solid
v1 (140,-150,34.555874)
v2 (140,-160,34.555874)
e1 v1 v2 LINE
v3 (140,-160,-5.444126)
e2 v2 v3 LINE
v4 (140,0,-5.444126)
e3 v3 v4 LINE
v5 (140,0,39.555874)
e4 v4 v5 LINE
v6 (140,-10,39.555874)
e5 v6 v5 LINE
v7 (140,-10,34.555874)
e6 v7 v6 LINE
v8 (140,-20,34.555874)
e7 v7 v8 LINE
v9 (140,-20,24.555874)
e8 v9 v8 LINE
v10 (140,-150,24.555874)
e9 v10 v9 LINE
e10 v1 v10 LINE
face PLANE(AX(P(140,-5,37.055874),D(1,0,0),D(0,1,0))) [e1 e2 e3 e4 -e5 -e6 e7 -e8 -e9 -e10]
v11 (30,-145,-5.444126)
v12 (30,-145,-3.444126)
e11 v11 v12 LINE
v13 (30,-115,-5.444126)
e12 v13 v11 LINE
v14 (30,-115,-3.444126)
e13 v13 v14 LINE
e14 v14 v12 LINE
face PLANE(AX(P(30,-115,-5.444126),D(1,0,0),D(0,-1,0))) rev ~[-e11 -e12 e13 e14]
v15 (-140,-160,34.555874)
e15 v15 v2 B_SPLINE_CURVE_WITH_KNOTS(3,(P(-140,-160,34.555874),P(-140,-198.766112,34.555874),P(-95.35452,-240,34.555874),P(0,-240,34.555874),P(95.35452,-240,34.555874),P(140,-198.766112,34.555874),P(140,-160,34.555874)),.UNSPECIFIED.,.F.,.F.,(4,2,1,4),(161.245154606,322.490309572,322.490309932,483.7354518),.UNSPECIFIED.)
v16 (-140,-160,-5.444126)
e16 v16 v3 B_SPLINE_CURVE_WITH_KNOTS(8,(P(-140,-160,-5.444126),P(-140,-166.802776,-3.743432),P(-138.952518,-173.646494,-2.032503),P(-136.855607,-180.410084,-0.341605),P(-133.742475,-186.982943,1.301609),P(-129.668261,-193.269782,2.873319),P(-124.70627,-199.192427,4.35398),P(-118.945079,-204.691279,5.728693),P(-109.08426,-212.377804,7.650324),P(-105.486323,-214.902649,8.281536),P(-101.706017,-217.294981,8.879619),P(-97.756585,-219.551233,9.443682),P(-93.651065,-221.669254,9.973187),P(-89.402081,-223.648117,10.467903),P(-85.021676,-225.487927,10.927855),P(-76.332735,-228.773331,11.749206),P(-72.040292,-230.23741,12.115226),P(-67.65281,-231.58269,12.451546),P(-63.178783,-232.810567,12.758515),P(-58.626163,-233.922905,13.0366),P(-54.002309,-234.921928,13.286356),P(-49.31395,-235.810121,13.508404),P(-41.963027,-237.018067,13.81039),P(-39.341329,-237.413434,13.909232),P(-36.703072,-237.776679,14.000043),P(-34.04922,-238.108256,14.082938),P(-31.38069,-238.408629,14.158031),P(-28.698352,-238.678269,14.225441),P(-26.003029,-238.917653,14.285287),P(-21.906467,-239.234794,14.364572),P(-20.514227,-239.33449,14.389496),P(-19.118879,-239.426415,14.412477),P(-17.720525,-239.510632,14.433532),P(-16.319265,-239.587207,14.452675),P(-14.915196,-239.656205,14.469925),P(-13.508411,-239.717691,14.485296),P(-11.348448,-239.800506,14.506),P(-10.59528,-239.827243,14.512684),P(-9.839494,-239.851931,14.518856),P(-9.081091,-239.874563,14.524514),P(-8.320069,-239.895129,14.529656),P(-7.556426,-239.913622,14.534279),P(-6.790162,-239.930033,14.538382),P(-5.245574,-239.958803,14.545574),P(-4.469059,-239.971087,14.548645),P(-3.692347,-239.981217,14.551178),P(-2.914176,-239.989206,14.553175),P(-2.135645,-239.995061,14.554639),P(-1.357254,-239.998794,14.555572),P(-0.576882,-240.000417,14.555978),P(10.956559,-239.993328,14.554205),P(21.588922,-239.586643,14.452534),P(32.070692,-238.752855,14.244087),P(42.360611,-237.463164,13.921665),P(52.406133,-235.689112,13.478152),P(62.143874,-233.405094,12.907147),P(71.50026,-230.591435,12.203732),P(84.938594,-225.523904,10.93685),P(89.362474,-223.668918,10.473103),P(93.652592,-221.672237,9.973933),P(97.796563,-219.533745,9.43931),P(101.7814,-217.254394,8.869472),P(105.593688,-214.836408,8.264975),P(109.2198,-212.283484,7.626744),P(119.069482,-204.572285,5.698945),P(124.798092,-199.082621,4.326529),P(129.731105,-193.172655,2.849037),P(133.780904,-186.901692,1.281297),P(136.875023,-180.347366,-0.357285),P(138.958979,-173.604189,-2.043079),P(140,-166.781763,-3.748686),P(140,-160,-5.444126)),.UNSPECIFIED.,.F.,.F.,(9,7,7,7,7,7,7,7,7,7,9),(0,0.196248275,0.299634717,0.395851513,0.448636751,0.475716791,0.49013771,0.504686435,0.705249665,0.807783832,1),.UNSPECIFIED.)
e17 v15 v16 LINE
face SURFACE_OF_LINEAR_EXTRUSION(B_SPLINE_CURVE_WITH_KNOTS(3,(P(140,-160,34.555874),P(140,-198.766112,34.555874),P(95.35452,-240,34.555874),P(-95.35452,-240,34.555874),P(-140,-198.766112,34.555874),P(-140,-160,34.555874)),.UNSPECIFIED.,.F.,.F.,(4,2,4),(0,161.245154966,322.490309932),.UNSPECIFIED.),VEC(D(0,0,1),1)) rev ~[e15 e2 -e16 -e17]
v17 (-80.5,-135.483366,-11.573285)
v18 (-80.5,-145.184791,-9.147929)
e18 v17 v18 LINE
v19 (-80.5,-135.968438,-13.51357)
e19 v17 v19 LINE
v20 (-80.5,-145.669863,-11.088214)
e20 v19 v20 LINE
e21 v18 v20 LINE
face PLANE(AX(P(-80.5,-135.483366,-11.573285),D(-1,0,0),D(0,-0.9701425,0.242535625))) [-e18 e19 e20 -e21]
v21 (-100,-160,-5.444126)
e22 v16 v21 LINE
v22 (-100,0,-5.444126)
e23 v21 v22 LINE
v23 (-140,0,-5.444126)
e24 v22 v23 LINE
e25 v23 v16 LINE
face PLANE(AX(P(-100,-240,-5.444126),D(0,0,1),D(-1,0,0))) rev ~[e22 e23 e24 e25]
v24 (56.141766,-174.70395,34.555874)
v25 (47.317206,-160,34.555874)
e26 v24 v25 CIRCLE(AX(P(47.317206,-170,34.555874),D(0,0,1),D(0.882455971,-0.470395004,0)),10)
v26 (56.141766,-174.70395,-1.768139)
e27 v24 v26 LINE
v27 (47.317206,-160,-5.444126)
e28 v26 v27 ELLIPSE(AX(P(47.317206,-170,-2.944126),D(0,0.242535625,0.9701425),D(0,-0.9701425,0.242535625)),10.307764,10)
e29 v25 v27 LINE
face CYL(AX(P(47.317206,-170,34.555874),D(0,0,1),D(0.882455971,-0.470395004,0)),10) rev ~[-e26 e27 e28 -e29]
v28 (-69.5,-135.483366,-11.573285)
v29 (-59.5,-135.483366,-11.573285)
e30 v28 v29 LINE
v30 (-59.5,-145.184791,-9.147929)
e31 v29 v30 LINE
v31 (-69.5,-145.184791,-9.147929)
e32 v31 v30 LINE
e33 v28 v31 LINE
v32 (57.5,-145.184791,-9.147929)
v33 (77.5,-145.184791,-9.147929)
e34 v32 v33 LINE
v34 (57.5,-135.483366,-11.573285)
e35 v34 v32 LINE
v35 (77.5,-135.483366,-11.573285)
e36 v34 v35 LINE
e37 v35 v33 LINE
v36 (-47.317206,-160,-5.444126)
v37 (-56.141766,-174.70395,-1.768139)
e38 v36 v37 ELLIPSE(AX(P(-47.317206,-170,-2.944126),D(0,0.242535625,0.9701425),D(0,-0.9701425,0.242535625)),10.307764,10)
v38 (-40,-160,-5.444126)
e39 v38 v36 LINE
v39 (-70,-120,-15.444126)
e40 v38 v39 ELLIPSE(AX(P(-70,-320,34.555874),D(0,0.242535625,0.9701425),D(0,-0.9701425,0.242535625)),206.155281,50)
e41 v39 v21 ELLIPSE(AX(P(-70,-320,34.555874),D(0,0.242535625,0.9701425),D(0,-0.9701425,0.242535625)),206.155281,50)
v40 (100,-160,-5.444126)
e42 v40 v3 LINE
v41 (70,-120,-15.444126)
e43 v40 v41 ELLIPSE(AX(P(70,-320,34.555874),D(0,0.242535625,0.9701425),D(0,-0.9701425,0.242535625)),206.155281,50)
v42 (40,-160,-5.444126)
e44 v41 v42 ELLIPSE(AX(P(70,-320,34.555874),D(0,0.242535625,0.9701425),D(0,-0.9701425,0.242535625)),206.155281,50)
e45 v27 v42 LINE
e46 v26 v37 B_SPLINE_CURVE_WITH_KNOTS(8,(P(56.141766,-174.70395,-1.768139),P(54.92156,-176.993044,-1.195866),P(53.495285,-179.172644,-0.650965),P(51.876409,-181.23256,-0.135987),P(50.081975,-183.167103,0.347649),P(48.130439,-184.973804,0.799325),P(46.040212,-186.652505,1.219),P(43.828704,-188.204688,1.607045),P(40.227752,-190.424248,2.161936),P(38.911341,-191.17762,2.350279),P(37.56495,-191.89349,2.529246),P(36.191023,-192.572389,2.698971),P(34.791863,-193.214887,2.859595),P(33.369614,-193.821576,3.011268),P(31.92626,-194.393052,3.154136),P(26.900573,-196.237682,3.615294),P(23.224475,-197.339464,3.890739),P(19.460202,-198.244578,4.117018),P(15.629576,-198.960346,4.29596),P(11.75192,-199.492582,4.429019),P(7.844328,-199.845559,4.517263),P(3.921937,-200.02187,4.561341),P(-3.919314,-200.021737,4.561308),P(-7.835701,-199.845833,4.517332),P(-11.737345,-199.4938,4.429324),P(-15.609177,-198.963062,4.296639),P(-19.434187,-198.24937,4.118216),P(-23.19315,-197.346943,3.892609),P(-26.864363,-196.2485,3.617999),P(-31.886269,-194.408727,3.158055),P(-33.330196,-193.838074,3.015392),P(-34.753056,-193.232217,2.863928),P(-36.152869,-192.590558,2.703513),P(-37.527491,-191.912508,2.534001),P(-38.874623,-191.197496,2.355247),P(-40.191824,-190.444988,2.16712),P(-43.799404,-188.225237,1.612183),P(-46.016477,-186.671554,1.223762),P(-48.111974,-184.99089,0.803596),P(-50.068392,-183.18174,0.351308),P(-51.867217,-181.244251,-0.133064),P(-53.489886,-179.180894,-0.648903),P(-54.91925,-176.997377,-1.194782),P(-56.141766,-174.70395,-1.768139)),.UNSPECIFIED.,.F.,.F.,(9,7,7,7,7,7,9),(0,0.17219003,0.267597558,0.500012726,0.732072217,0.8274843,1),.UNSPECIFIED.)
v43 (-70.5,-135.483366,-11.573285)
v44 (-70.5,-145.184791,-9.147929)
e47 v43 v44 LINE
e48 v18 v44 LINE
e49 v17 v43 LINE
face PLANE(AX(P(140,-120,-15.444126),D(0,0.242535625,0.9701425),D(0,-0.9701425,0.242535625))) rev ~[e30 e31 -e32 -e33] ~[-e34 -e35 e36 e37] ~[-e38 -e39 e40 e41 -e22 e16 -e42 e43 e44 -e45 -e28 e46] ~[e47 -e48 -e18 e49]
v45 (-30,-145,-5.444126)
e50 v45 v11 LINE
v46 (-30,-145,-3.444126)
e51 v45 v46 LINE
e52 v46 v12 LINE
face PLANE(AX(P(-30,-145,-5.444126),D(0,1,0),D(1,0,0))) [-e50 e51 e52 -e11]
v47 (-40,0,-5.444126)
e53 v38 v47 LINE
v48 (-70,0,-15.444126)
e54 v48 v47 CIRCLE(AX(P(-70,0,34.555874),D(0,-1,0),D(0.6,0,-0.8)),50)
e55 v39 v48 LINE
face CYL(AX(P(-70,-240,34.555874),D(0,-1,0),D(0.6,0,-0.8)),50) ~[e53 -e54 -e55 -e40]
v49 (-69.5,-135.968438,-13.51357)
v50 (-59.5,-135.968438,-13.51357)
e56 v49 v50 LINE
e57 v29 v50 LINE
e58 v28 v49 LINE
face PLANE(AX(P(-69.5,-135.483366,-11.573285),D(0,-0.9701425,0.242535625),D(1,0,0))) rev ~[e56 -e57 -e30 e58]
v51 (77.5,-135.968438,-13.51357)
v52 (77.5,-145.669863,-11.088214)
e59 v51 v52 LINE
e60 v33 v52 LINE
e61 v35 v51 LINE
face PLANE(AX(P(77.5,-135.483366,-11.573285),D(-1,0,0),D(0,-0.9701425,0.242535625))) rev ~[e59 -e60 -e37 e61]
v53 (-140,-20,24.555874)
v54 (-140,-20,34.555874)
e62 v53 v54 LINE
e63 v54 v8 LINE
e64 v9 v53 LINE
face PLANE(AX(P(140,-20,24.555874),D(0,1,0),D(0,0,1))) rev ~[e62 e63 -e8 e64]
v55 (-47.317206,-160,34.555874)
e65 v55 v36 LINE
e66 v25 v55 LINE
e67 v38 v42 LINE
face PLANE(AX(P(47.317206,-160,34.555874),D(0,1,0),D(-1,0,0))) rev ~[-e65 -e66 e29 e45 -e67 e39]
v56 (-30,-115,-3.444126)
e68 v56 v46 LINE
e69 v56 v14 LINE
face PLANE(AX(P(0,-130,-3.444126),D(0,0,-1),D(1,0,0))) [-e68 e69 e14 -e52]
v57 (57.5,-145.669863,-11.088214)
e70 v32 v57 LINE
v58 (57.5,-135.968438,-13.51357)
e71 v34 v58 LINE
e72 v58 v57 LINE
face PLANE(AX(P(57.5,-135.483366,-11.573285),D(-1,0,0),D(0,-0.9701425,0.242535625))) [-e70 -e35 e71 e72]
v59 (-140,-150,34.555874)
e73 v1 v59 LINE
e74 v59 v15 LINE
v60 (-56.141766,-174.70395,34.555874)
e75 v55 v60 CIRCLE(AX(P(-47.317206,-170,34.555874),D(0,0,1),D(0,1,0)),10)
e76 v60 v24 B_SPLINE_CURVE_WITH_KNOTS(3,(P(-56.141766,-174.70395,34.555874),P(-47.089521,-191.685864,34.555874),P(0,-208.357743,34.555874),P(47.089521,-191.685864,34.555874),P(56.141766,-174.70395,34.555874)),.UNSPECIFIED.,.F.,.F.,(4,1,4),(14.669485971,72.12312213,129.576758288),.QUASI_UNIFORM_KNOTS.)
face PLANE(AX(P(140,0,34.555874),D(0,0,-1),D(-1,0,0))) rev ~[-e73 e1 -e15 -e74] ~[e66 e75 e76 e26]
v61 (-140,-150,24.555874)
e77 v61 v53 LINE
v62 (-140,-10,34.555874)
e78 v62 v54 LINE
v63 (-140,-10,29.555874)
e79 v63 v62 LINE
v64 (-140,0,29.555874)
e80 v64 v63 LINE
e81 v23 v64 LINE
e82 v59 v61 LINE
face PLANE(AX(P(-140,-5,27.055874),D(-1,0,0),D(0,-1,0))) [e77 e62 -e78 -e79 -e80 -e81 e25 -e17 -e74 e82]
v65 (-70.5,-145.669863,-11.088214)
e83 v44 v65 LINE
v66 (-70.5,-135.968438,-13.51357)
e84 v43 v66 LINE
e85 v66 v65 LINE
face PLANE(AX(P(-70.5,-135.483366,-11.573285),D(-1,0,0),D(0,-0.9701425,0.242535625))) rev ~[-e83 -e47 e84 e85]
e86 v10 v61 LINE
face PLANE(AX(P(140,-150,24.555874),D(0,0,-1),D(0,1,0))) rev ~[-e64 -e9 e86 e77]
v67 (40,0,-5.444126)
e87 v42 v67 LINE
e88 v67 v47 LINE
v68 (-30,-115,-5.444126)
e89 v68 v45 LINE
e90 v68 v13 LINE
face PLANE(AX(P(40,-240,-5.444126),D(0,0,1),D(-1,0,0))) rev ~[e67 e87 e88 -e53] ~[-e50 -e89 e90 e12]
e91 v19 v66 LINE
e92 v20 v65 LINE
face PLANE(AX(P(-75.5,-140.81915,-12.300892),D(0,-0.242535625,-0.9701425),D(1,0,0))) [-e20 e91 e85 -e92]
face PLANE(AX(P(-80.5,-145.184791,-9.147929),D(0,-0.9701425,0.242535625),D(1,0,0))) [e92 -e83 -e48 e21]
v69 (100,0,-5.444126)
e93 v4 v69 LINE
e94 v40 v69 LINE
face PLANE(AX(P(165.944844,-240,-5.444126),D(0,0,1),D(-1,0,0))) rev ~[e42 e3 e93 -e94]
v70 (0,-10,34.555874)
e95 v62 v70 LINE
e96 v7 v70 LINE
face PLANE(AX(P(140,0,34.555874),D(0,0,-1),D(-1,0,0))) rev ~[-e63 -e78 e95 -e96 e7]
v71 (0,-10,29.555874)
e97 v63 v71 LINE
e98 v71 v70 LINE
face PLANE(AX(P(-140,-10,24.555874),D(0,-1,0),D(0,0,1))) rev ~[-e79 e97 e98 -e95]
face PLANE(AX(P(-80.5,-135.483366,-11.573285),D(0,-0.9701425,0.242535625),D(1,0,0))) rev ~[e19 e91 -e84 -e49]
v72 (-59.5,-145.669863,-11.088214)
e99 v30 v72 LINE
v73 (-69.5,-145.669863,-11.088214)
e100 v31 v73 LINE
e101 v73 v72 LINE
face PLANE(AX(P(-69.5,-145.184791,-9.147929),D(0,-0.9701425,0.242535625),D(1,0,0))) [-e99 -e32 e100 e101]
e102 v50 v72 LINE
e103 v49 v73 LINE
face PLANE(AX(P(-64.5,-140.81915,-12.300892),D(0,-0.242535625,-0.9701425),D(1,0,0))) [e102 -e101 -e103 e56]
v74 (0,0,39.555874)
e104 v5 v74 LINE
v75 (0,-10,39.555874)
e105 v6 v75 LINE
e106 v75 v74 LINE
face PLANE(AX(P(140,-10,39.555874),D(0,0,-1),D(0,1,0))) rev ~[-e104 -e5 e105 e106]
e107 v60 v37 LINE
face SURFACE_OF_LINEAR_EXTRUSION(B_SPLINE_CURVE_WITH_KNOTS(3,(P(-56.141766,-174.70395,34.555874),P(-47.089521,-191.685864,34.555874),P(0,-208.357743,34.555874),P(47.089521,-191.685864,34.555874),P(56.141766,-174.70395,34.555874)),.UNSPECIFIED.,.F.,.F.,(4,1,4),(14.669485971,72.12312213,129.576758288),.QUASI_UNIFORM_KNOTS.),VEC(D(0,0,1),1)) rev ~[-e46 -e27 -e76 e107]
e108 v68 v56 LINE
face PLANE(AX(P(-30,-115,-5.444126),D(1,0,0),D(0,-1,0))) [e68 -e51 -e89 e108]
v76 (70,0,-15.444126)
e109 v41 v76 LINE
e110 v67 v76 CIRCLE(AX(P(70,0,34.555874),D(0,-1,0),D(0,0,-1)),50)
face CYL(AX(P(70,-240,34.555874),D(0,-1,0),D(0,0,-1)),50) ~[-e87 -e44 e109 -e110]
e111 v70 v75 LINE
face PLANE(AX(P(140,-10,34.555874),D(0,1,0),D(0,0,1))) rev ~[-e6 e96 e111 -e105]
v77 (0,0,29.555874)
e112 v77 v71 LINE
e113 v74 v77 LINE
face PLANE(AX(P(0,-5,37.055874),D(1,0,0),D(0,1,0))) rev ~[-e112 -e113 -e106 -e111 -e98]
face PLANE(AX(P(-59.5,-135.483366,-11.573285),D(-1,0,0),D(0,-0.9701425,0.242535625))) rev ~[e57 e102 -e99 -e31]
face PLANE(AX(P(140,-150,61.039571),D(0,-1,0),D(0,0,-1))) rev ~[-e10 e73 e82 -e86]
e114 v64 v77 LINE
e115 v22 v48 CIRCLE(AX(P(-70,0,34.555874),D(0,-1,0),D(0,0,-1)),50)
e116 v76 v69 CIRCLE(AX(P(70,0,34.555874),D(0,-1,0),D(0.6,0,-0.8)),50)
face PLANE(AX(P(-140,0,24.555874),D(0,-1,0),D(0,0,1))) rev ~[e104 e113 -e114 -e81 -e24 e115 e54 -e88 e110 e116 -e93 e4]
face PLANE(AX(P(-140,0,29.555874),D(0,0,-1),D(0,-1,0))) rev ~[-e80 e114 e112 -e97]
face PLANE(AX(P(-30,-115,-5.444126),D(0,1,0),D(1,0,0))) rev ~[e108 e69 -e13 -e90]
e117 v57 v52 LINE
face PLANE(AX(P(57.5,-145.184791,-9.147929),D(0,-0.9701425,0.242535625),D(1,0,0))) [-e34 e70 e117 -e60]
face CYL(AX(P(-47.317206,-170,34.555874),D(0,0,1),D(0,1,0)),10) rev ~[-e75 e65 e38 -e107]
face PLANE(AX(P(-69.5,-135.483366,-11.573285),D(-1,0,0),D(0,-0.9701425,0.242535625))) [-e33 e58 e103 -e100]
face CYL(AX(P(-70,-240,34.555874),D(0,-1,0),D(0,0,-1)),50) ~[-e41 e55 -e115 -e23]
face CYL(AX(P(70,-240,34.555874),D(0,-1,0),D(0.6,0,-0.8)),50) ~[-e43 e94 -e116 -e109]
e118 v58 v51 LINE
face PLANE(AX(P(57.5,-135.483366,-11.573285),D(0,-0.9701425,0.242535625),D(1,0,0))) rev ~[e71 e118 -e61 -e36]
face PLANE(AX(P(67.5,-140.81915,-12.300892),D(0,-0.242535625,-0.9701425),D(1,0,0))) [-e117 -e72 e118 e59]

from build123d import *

# Parameters (mm, degrees)
F1_DEPTH  = 240
F5_DEPTH  = 55
F6_DEPTH  = 300
F7_DEPTH  = 300
F9_DEPTH  = 60
F11_DEPTH = 300
F12_W     = 10
F12_H     = 10
F13_DEPTH = 140
F14_W     = 10
F14_H     = 5
F15_DEPTH = 140
F16_W     = 10
F16_H     = 5
F17_DEPTH = 140
F18_W     = 60
F18_H     = 30
F19_DEPTH = 2
F20_W     = 10
F20_H     = 10
F20_W_2   = 20
F21_DEPTH = 2


with BuildPart() as f1:
    # F0 (on Front) → F1 (new body)
    with BuildSketch(Plane.XZ):
        Polygon((140, 34.5558735134), (0, 34.5558735134), (-140, 34.5558735134), (-140, -15.4441264866), (0, -15.4441264866), (140, -15.4441264866), align=None)
    extrude(amount=F1_DEPTH)

    # F2 (on face) → F5 (cut)
    with BuildSketch(Plane.XY.offset(34.5558735134)):
        with BuildLine():
            add(Edge.make_bspline(
                [(0, -240), (95.3545197845, -240), (140, -198.7661118304), (140, -160)],
                knots=[0, 0, 0, 0, 161.245154966, 161.245154966, 161.245154966, 161.245154966], degree=3))
            add(Edge.make_bspline(
                [(0, -240), (-95.3545197845, -240), (-140, -198.7661118304), (-140, -160)],
                knots=[0, 0, 0, 0, 161.245154966, 161.245154966, 161.245154966, 161.245154966], degree=3))
            Line((-140, -160), (-197.980850935, -160))
            Line((-197.980850935, -160), (-197.980850935, -279.9530625343))
            Line((-197.980850935, -279.9530625343), (0, -279.9530625343))
            Line((0, -279.9530625343), (197.980850935, -279.9530625343))
            Line((197.980850935, -279.9530625343), (197.980850935, -160))
            Line((197.980850935, -160), (140, -160))
        make_face()
    extrude(amount=-F5_DEPTH, mode=Mode.SUBTRACT)

    # F3 (on face) → F6 (cut)
    with BuildSketch(Plane.YZ.offset(140)):
        Polygon((-160, -5.4441264866), (-240, 14.5558735134), (-258.7273418903, 14.5558735134), (-258.7273418903, -38.2786095142), (-129.8724895716, -38.2786095142), (-120, -15.4441264866), align=None)
    extrude(amount=-F6_DEPTH, mode=Mode.SUBTRACT)

    # F4 (on face) → F7 (cut)
    with BuildSketch(Plane.XZ.offset(240)):
        with BuildLine():
            Line((-100, -5.4441264866), (-140, -5.4441264866))
            Line((-140, -5.4441264866), (-165.9448444843, -5.4441264866))
            Line((-165.9448444843, -5.4441264866), (-165.9448444843, -57.6582395507))
            Line((-165.9448444843, -57.6582395507), (0, -57.6582395507))
            Line((0, -57.6582395507), (165.9448444843, -57.6582395507))
            Line((165.9448444843, -57.6582395507), (165.9448444843, -5.4441264866))
            Line((165.9448444843, -5.4441264866), (140, -5.4441264866))
            Line((140, -5.4441264866), (100, -5.4441264866))
            ThreePointArc((100, -5.4441264866), (85.8113883008, -12.8782913891), (70, -15.4441264866))
            ThreePointArc((70, -15.4441264866), (54.1886116992, -12.8782913891), (40, -5.4441264866))
            Line((40, -5.4441264866), (0, -5.4441264866))
            Line((0, -5.4441264866), (-40, -5.4441264866))
            ThreePointArc((-40, -5.4441264866), (-54.1886116992, -12.8782913891), (-70, -15.4441264866))
            ThreePointArc((-70, -15.4441264866), (-85.8113883008, -12.8782913891), (-100, -5.4441264866))
        make_face()
    extrude(amount=-F7_DEPTH, mode=Mode.SUBTRACT)

    # F8 (on face) → F9 (cut)
    with BuildSketch(Plane.XY.offset(34.5558735134)):
        with BuildLine():
            Line((0, -160), (-47.3172063291, -160))
            ThreePointArc((-47.3172063291, -160), (-55.8915722063, -164.8541035957), (-56.1417660364, -174.7039500392))
            add(Edge.make_bspline(
                [(-56.1417660364, -174.7039500392), (-47.0895211735, -191.6858640929), (-23.5447605868, -200.0218033791), (0, -200.0218033791)],
                knots=[14.6694859707, 14.6694859707, 14.6694859707, 14.6694859707, 72.1231221295, 72.1231221295, 72.1231221295, 72.1231221295], degree=3))
            add(Edge.make_bspline(
                [(56.1417660364, -174.7039500392), (47.0895211735, -191.6858640929), (23.5447605868, -200.0218033791), (0, -200.0218033791)],
                knots=[14.6694859707, 14.6694859707, 14.6694859707, 14.6694859707, 72.1231221295, 72.1231221295, 72.1231221295, 72.1231221295], degree=3))
            ThreePointArc((56.1417660364, -174.7039500392), (55.8915722063, -164.8541035957), (47.3172063291, -160))
            Line((47.3172063291, -160), (0, -160))
        make_face()
    extrude(amount=-F9_DEPTH, mode=Mode.SUBTRACT)

    # F10 (on face) → F11 (cut)
    with BuildSketch(Plane.YZ.offset(140)):
        Polygon((-150, 61.0395711066), (-150, 34.5558735134), (-150, 24.5558735134), (-20, 24.5558735134), (-20, 34.5558735134), (-20, 61.0395711066), align=None)
    extrude(amount=-F11_DEPTH, mode=Mode.SUBTRACT)

    # F12 (on face) → F13 (cut)
    with BuildSketch(Plane(origin=(-140, 0, 0), x_dir=(0, -1, 0), z_dir=(-1, 0, 0))):
        with Locations((5, 29.5558735134)):
            Rectangle(F12_W, F12_H)
    extrude(amount=-F13_DEPTH, mode=Mode.SUBTRACT)

    # F14 (on face) → F15 (join)
    with BuildSketch(Plane.YZ.offset(140)):
        with Locations((-5, 37.0558735134)):
            Rectangle(F14_W, F14_H)
    extrude(amount=-F15_DEPTH)

    # F16 (on face) → F17 (join)
    with BuildSketch(Plane(origin=(-140, 0, 0), x_dir=(0, -1, 0), z_dir=(-1, 0, 0))):
        with Locations((5, 27.0558735134)):
            Rectangle(F16_W, F16_H)
    extrude(amount=-F17_DEPTH)

    # F18 (on face) → F19 (cut)
    with BuildSketch(Plane(origin=(0, 0, -5.4441264866), x_dir=(1, 0, 0), z_dir=(0, 0, -1))):
        with Locations((0, 130)):
            Rectangle(F18_W, F18_H)
    extrude(amount=-F19_DEPTH, mode=Mode.SUBTRACT)

    # F20 (on face) → F21 (join)
    with BuildSketch(Plane(origin=(0, -10.6927356439, -42.7709425756), x_dir=(1, 0, 0), z_dir=(0, -0.242535625, -0.9701425001))):
        with Locations((-75.5, 133.6312378254)):
            Rectangle(F20_W, F20_H)
        with Locations((-64.5, 133.6312378254)):
            Rectangle(F20_W, F20_H)
        with Locations((67.5, 133.6312378254)):
            Rectangle(F20_W_2, F20_H)
    extrude(amount=F21_DEPTH)


solid = f1.part
